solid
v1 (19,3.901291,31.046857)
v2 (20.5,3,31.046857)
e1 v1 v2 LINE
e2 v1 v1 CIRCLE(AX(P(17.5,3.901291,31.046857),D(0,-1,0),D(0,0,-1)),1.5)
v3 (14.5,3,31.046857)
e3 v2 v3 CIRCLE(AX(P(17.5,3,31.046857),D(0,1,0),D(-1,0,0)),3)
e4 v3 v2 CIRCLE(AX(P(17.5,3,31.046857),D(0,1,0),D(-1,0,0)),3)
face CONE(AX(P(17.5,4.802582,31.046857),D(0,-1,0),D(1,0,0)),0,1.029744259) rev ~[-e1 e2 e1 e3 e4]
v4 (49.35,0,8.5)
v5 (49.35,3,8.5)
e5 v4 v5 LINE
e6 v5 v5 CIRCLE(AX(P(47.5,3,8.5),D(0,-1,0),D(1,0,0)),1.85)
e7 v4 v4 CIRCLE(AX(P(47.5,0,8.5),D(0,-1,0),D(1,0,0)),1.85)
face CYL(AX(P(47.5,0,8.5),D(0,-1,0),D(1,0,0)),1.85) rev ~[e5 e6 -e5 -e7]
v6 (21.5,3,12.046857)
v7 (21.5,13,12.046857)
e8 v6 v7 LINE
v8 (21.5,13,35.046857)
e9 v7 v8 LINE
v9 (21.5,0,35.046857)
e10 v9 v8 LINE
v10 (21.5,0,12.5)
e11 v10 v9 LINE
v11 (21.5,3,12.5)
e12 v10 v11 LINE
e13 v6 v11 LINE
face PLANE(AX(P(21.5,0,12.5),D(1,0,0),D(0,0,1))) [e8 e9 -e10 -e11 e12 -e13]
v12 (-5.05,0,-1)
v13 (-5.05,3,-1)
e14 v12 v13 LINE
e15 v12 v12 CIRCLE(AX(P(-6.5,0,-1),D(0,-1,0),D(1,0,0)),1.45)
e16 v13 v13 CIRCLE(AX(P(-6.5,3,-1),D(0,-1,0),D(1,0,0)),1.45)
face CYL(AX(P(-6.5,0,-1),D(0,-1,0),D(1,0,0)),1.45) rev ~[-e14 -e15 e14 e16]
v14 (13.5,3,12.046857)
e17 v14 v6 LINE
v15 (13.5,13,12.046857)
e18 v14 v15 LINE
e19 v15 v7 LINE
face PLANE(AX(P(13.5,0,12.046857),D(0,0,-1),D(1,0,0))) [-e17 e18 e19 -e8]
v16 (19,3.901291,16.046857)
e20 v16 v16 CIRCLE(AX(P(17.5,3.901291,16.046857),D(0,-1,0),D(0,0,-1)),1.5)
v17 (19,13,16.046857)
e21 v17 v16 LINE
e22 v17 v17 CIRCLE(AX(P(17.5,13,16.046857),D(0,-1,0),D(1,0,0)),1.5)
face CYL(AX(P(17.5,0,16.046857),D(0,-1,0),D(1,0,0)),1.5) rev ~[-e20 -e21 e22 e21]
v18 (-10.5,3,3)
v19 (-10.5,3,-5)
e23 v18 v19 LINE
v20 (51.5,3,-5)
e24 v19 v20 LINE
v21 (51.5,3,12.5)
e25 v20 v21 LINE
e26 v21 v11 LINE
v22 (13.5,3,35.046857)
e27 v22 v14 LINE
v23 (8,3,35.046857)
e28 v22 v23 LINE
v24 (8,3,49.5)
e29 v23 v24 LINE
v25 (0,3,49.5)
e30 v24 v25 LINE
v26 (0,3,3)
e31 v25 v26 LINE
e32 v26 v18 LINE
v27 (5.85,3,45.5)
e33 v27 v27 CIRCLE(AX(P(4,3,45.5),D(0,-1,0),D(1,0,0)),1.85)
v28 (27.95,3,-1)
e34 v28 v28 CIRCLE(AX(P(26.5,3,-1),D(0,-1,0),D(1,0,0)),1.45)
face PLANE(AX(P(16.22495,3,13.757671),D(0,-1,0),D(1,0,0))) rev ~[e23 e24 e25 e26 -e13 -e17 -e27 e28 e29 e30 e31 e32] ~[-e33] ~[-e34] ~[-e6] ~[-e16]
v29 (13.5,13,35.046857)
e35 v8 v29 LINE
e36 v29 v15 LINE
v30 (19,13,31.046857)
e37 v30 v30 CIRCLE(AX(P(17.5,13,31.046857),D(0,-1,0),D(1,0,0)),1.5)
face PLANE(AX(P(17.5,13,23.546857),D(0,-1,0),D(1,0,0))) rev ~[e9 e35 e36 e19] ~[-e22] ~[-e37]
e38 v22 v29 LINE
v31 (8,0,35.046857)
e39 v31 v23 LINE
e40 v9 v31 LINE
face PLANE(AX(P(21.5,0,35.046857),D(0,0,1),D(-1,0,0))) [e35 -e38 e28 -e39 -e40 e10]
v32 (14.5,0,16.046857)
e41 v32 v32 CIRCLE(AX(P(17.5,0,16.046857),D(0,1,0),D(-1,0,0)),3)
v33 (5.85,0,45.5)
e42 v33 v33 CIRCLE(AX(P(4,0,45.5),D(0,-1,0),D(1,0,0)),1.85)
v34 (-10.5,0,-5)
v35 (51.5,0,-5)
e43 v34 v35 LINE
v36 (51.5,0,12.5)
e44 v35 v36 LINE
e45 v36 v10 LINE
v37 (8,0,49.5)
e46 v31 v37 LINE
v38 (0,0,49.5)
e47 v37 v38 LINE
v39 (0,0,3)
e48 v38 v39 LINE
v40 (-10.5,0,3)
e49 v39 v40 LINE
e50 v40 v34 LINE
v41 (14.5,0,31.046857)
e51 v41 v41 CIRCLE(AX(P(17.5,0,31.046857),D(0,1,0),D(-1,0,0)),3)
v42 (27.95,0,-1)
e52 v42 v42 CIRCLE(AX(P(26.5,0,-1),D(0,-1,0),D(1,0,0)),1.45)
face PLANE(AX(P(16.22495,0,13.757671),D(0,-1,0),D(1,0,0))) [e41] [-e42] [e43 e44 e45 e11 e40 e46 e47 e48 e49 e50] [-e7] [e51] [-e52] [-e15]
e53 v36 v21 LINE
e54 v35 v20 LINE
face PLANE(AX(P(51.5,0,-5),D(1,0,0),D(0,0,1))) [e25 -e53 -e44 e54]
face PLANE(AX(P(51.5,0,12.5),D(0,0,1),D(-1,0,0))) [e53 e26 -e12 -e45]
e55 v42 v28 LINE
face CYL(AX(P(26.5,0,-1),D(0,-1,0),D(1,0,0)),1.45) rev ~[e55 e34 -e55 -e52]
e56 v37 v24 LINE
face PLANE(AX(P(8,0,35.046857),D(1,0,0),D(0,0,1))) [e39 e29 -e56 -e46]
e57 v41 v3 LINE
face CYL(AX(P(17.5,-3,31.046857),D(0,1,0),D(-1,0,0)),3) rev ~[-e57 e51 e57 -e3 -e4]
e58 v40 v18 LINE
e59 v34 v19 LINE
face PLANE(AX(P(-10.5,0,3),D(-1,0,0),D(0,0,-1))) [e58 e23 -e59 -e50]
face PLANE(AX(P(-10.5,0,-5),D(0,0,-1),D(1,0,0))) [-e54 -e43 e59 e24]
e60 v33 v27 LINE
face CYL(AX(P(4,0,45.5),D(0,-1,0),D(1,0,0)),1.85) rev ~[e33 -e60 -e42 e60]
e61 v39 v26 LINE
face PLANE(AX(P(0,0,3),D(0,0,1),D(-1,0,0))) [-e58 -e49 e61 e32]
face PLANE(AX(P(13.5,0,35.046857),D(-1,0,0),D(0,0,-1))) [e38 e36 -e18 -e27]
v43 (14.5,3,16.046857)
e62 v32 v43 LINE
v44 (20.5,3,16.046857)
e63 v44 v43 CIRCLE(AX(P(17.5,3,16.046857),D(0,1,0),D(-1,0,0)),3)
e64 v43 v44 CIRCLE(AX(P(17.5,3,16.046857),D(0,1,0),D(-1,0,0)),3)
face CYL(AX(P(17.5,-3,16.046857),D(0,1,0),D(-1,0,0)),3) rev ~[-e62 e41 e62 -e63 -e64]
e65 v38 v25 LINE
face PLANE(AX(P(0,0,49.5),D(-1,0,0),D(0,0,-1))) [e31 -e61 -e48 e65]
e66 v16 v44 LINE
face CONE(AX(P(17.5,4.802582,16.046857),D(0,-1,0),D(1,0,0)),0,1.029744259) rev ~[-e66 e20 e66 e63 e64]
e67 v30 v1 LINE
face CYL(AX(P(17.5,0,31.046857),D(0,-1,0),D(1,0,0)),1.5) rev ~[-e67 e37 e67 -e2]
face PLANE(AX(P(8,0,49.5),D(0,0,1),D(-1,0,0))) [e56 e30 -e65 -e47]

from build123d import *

# Parameters (mm, degrees)
F0_R     = 1.45
F0_R_2   = 1.85
F0_R_3   = 1.5
F1_DEPTH = 3
F2_DEPTH = 13
F3_D     = 6
F3_DEPTH = 3
F3_TIP   = 1.8025818571


with BuildPart() as f1:
    # F0 (on Front) → F1 (new body)
    with BuildSketch(Plane.XZ):
        Polygon((-10.5, -5), (51.5, -5), (51.5, 12.5), (21.5, 12.5), (21.5, 12.0468574613), (13.5, 12.0468574613), (13.5, 35.0468574613), (8, 35.0468574613), (8, 49.5), (0, 49.5), (0, 3), (-10.5, 3), align=None)
        with Locations((-6.5, -1)):
            Circle(F0_R, mode=Mode.SUBTRACT)
        with Locations((26.5, -1)):
            Circle(F0_R, mode=Mode.SUBTRACT)
        with Locations((47.5, 8.5)):
            Circle(F0_R_2, mode=Mode.SUBTRACT)
        with Locations((4, 45.5)):
            Circle(F0_R_2, mode=Mode.SUBTRACT)
        Polygon((21.5, 12.0468574613), (21.5, 12.5), (21.5, 35.0468574613), (13.5, 35.0468574613), (13.5, 12.0468574613), align=None)
        with Locations((17.5, 16.0468574613)):
            Circle(F0_R_3, mode=Mode.SUBTRACT)
        with Locations((17.5, 31.0468574613)):
            Circle(F0_R_3, mode=Mode.SUBTRACT)
    extrude(amount=-F1_DEPTH)

    # F0 (on Front) → F2 (join)
    with BuildSketch(Plane.XZ):
        Polygon((21.5, 12.0468574613), (21.5, 12.5), (21.5, 35.0468574613), (13.5, 35.0468574613), (13.5, 12.0468574613), align=None)
        with Locations((17.5, 16.0468574613)):
            Circle(F0_R_3, mode=Mode.SUBTRACT)
        with Locations((17.5, 31.0468574613)):
            Circle(F0_R_3, mode=Mode.SUBTRACT)
    extrude(amount=-F2_DEPTH)

    # F3
    with Locations(Plane.XZ):
        with Locations((17.5, 31.0468574613), (17.5, 16.0468574613)):
            Hole(F3_D / 2, depth=F3_DEPTH)
            with Locations((0, 0, -(F3_DEPTH + F3_TIP / 2))):  # 118° drill point
                Cone(0, F3_D / 2, F3_TIP, mode=Mode.SUBTRACT)


solid = f1.part
